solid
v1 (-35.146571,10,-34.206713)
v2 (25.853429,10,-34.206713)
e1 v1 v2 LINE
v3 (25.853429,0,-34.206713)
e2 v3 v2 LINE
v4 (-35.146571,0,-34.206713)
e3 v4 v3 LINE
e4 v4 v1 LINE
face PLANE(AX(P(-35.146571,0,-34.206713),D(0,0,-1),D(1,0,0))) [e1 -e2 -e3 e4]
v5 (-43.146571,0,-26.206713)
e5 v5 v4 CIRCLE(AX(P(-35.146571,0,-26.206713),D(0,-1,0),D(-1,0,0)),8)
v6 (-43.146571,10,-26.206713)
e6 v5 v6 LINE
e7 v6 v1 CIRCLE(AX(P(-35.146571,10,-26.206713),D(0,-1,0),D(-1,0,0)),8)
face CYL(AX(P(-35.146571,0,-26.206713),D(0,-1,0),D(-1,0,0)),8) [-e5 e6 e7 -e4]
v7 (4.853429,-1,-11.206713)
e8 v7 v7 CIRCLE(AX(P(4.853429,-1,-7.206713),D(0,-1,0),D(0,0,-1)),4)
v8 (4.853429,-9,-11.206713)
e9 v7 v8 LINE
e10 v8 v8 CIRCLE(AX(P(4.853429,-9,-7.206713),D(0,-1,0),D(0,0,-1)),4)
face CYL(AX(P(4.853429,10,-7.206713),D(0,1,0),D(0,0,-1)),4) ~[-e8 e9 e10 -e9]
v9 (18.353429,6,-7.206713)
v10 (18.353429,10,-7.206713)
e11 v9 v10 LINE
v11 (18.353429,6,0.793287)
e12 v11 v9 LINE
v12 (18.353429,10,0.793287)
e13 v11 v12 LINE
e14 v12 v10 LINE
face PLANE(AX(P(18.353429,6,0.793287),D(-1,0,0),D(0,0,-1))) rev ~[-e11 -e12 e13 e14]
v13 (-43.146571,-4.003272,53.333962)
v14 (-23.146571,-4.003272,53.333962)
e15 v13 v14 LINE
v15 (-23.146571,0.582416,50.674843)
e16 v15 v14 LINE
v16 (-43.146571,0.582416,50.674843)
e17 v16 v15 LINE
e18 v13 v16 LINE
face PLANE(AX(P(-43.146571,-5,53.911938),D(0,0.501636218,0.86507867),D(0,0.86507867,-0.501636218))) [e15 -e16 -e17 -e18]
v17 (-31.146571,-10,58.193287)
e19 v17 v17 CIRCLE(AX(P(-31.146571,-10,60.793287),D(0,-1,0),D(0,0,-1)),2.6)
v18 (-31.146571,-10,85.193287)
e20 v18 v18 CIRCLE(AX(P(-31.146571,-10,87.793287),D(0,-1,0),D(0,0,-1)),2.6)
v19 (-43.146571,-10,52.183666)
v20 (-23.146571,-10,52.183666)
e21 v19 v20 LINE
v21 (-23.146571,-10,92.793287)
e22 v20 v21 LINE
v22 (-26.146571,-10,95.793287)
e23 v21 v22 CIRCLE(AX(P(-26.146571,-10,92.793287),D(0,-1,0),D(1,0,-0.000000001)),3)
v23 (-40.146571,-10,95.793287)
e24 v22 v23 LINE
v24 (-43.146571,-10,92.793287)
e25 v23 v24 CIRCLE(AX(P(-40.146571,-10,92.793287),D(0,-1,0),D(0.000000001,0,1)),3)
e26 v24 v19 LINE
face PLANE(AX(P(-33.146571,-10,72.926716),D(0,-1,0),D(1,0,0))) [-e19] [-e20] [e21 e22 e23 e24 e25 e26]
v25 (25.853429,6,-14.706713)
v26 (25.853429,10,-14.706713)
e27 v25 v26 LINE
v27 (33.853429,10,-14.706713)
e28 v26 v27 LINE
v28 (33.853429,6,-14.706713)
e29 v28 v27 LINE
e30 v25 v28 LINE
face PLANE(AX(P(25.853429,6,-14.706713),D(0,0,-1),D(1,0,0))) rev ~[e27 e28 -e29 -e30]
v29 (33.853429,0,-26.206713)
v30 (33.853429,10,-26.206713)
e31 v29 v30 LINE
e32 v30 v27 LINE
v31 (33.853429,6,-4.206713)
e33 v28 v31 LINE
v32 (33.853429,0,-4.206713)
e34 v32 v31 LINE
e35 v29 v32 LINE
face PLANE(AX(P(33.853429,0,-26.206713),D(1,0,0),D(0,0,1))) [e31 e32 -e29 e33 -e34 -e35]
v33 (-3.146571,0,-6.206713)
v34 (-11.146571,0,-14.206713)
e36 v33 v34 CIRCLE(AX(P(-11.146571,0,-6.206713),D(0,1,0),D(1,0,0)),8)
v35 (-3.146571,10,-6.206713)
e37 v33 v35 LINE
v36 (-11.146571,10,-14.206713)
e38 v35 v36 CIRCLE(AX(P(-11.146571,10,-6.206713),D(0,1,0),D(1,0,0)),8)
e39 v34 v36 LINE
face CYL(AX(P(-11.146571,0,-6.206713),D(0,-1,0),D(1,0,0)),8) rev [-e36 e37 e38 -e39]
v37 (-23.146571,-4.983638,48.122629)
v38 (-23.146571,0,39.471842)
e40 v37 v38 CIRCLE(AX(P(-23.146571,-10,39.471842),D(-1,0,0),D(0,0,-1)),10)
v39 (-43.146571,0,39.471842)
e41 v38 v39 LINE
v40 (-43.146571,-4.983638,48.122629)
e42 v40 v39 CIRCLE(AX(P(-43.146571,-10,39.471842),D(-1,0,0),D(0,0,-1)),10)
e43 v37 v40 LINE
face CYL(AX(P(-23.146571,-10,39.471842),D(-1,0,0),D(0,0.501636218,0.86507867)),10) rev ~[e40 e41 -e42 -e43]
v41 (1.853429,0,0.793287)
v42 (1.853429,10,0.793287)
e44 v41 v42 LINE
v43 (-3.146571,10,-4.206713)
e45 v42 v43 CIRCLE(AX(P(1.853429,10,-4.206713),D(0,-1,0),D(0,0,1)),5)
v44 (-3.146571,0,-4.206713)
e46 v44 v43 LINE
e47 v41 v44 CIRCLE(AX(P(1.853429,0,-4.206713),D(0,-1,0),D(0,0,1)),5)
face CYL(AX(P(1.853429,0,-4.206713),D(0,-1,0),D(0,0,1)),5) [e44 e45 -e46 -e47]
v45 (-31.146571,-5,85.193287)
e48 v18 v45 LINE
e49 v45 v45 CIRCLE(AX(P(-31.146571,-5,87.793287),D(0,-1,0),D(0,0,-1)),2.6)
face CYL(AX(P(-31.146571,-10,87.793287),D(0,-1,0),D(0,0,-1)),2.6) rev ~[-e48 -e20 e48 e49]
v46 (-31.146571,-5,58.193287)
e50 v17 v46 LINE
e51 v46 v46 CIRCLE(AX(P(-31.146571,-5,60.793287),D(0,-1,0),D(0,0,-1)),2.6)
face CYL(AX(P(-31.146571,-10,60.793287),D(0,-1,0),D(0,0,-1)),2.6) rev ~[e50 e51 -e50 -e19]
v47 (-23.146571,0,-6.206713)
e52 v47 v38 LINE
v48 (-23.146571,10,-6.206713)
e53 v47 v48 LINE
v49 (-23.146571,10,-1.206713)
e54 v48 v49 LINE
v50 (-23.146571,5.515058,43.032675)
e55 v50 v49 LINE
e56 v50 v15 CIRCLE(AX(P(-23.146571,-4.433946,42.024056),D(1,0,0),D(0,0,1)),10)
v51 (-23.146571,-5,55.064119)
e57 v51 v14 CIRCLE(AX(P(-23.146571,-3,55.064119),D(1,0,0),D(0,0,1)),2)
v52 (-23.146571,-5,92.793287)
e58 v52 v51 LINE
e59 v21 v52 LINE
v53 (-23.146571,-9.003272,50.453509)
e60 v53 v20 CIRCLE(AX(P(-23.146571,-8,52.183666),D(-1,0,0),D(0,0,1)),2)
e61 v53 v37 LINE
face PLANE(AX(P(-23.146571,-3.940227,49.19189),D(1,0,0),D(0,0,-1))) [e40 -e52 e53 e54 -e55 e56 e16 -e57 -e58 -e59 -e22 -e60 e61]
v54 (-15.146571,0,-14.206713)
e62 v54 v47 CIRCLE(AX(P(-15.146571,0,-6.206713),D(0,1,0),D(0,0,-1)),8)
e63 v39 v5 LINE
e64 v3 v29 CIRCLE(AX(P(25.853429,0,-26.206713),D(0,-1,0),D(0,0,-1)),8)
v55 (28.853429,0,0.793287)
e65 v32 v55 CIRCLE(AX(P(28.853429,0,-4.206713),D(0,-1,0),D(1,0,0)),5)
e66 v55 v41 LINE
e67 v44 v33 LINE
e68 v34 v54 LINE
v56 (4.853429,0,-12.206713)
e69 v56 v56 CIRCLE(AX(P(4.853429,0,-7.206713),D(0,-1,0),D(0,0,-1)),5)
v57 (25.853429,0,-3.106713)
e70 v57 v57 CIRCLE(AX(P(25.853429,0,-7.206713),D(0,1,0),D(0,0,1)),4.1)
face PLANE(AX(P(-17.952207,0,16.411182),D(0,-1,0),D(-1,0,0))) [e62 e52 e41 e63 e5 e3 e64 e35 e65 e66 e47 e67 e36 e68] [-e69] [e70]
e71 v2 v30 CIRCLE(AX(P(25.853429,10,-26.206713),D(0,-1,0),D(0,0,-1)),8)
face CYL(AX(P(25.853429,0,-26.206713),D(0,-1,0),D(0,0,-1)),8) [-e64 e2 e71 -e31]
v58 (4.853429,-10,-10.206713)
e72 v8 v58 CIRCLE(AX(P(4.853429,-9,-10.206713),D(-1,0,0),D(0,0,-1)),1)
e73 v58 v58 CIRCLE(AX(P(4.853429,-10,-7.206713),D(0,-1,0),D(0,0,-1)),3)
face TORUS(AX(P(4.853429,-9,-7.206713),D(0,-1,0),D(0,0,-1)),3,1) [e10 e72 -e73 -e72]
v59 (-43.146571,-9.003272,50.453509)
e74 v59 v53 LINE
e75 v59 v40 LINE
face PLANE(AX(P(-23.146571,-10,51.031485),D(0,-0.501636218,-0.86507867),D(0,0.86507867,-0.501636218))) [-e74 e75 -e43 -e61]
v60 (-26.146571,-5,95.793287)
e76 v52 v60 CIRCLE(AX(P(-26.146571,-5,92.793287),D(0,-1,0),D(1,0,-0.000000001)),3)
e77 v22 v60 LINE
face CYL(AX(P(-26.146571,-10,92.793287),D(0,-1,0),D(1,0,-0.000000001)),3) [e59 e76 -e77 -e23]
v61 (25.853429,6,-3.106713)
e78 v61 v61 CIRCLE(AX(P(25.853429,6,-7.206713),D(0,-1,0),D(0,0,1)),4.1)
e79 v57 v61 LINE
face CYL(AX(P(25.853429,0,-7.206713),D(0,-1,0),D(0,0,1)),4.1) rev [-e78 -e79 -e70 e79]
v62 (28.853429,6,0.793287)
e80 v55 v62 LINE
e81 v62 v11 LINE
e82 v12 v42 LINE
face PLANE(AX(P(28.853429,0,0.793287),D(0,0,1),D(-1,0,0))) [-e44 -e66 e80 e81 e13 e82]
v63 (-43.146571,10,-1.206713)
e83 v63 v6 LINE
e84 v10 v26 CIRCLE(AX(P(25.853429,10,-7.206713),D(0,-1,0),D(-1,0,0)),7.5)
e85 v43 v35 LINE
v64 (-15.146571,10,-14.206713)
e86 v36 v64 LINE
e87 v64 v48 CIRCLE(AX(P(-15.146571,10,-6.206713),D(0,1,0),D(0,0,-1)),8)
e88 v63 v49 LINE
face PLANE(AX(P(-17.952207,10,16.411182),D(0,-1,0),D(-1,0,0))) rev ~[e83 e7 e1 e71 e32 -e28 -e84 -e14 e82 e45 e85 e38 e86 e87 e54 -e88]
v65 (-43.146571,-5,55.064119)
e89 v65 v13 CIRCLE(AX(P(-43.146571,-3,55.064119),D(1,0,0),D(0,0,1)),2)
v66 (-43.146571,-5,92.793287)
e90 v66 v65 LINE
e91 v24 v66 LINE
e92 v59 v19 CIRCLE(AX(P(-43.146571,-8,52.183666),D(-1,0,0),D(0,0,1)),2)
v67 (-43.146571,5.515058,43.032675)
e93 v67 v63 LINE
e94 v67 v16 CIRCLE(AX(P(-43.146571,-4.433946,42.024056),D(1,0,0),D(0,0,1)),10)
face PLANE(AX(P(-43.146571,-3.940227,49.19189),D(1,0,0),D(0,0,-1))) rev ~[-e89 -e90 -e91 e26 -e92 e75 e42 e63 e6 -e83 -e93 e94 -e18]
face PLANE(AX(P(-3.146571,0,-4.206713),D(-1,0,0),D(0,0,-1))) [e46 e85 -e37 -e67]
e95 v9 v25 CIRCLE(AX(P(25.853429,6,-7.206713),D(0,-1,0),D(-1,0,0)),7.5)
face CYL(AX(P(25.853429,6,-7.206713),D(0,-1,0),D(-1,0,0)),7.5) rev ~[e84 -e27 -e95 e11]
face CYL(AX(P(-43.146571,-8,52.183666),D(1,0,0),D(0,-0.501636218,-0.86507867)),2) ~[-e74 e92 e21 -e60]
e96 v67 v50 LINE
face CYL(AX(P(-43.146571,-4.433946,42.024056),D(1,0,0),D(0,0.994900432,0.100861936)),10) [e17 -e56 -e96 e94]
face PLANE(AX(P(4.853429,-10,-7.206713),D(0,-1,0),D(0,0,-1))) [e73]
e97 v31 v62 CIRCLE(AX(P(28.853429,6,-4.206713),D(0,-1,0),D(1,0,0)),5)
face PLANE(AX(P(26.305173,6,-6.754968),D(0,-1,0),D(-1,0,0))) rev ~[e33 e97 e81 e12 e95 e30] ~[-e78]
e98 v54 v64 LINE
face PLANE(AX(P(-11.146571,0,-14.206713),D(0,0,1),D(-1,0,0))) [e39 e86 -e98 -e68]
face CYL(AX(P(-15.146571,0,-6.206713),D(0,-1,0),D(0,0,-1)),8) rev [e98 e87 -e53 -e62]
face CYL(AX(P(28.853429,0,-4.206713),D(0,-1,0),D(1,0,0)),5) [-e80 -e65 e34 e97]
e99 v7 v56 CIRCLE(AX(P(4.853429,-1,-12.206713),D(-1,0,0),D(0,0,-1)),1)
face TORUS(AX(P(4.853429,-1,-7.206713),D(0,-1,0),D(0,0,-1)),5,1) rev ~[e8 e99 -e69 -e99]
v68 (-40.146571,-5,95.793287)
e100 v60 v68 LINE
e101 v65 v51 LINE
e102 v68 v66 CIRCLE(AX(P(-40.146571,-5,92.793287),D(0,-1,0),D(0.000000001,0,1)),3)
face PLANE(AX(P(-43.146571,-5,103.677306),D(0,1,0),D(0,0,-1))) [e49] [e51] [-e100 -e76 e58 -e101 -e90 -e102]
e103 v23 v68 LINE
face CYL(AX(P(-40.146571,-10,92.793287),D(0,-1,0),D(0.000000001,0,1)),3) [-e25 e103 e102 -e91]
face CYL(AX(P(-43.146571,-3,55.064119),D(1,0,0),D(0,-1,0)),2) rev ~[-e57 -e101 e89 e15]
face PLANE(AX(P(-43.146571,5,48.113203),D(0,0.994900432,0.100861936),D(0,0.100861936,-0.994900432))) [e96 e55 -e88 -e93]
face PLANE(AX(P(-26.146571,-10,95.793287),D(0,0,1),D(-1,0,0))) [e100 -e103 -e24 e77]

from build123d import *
from build123d.topology import SkipClean

# Parameters (mm, degrees)
SKETCH1_R                = 4.1
SKETCH1_R_2              = 4
SKETCH1_R_3              = 2.6
BOSS_EXTRUDE1_DEPTH      = 10
CUT_EXTRUDE1_START       = -4
CUT_EXTRUDE1_DEPTH       = 4
BOSS_EXTRUDE2_DEPTH      = 10
BOSS_EXTRUDE2_DEPTH_BACK = 10
SKETCH5_R                = 4
FILLET1_R                = 1
BOSS_EXTRUDE3_START      = 10
SKETCH6_R                = 2.6
BOSS_EXTRUDE3_DEPTH      = 10
BOSS_EXTRUDE4_DEPTH      = 20
CUT_EXTRUDE2_REACH       = 125.31
FILLET2_R                = 10
FILLET3_R                = 2


with BuildPart() as part:
    # Sketch1 → Boss-Extrude1 (new body)
    with BuildSketch(Plane(origin=(0, 0, 0), x_dir=(1, 0, 0), z_dir=(0, 1, 0))):
        with BuildLine():
            Line((28.853428594, -0.793287448), (1.853428594, -0.793287448))
            ThreePointArc((1.853428594, -0.793287448), (-1.682105312, 0.671178646), (-3.146571406, 4.206712552))
            Line((-3.146571406, 4.206712552), (-3.146571406, 6.206712552))
            ThreePointArc((-3.146571406, 6.206712552), (-5.489717157, 11.863566801), (-11.146571406, 14.206712552))
            Line((-11.146571406, 14.206712552), (-15.146571406, 14.206712552))
            ThreePointArc((-15.146571406, 14.206712552), (-20.803425656, 11.863566801), (-23.146571406, 6.206712552))
            Line((-23.146571406, 6.206712552), (-23.146571406, -92.793287448))
            ThreePointArc((-23.146571406, -92.793287448), (-24.025251062, -94.914607792), (-26.146571406, -95.793287448))
            Line((-26.146571406, -95.793287448), (-40.146571406, -95.793287448))
            ThreePointArc((-40.146571406, -95.793287448), (-42.26789175, -94.914607792), (-43.146571406, -92.793287448))
            Line((-43.146571406, -92.793287448), (-43.146571406, 4.206712552))
            Line((-43.146571406, 4.206712552), (-43.146571406, 26.206712552))
            ThreePointArc((-43.146571406, 26.206712552), (-40.803425656, 31.863566801), (-35.146571406, 34.206712552))
            Line((-35.146571406, 34.206712552), (-3.146571406, 34.206712552))
            Line((-3.146571406, 34.206712552), (25.853428594, 34.206712552))
            ThreePointArc((25.853428594, 34.206712552), (31.510282843, 31.863566801), (33.853428594, 26.206712552))
            Line((33.853428594, 26.206712552), (33.853428594, 4.206712552))
            ThreePointArc((33.853428594, 4.206712552), (32.3889625, 0.671178646), (28.853428594, -0.793287448))
        make_face()
        with Locations(Location((25.853428594, 7.206712552, 0), (0, 0, 270))):
            Circle(SKETCH1_R, mode=Mode.SUBTRACT)
        with Locations(Location((4.853428594, 7.206712552, 0), (0, 0, 270))):
            Circle(SKETCH1_R_2, mode=Mode.SUBTRACT)
        with Locations(Location((-31.146571406, -87.793287448, 0), (0, 0, 270))):
            Circle(SKETCH1_R_3, mode=Mode.SUBTRACT)
        with Locations(Location((-31.146571406, -60.793287448, 0), (0, 0, 270))):
            Circle(SKETCH1_R_3, mode=Mode.SUBTRACT)
    extrude(amount=BOSS_EXTRUDE1_DEPTH)

    # Sketch2 → Cut-Extrude1 (cut)
    with BuildSketch(Plane(origin=(0, 10, 0), x_dir=(1, 0, 0), z_dir=(0, 1, 0)).offset(CUT_EXTRUDE1_START)):
        with BuildLine():
            Line((25.853428594, 14.706712552), (33.853428594, 14.706712552))
            Line((33.853428594, 14.706712552), (33.853428594, 4.206712552))
            ThreePointArc((33.853428594, 4.206712552), (32.3889625, 0.671178646), (28.853428594, -0.793287448))
            Line((28.853428594, -0.793287448), (18.353428594, -0.793287448))
            Line((18.353428594, -0.793287448), (18.353428594, 7.206712552))
            ThreePointArc((18.353428594, 7.206712552), (20.550127735, 12.510013411), (25.853428594, 14.706712552))
        make_face()
    extrude(amount=CUT_EXTRUDE1_DEPTH, mode=Mode.SUBTRACT)

    # Sketch5 → Boss-Extrude2 (add, two sides: drawn at the far end of the back side and taken through both)
    with BuildSketch(Plane(origin=(0, 0, 0), x_dir=(-1, 0, 0), z_dir=(0, -1, 0)).offset(-BOSS_EXTRUDE2_DEPTH_BACK)):
        with Locations(Location((-4.853428594, 7.206712552, 0), (0, 0, 90))):
            Circle(SKETCH5_R)
    extrude(amount=BOSS_EXTRUDE2_DEPTH + BOSS_EXTRUDE2_DEPTH_BACK)

    # Fillet1
    fillet1_edges = [part.edges().sort_by_distance(p)[0] for p in [
        (4.853428594, 0, -3.206712552),
        (4.853428594, -10, -3.206712552),
    ]]
    fillet(fillet1_edges, radius=FILLET1_R)

    # Sketch6 → Boss-Extrude3 (add)
    with SkipClean():  # the faces are left unmerged after this step: merging them gives an invalid solid
        with BuildSketch(Plane.XZ.offset(BOSS_EXTRUDE3_START)):
            with BuildLine():
                Line((-26.146571406, 95.793287448), (-40.146571406, 95.793287448))
                ThreePointArc((-40.146571406, 95.793287448), (-42.26789175, 94.914607792), (-43.146571406, 92.793287448))
                Line((-43.146571406, 92.793287448), (-43.146571406, 51.031484515))
                Line((-43.146571406, 51.031484515), (-23.146571406, 51.031484515))
                Line((-23.146571406, 51.031484515), (-23.146571406, 92.793287448))
                ThreePointArc((-23.146571406, 92.793287448), (-24.025251062, 94.914607792), (-26.146571406, 95.793287448))
            make_face()
            with Locations(Location((-31.146571406, 87.793287448, 0), (0, 0, 270))):
                Circle(SKETCH6_R, mode=Mode.SUBTRACT)
            with Locations(Location((-31.146571406, 60.793287448, 0), (0, 0, 270))):
                Circle(SKETCH6_R, mode=Mode.SUBTRACT)
        extrude(amount=-BOSS_EXTRUDE3_DEPTH)

    # Sketch7 → Boss-Extrude4 (add)
    with SkipClean():  # the faces are left unmerged after this step: merging them gives an invalid solid
        with BuildSketch(Plane(origin=(-23.146571406, 0, 0), x_dir=(0, 0, -1), z_dir=(1, 0, 0))):
            Polygon((-51.031484515, -10), (-45.232749266, 0), (-51.031484515, 0), align=None)
        extrude(amount=-BOSS_EXTRUDE4_DEPTH)

    # Cut-Extrude2: up to this face of the body (flat: up to its plane)
    cut_extrude2_end = Plane(part.part.faces().sort_by_distance((-23.146571406, 5, 43.293287448))[0])
    # Sketch8 → Cut-Extrude2 (cut, up to the picked face)
    with BuildSketch(Plane.ZY.offset(43.146571406), mode=Mode.PRIVATE) as cut_extrude2_sk1:
        Polygon((53.911938049, -5), (48.1132028, 5), (-1.206712552, 10), (103.677305794, 10), (103.677305794, -5), align=None)
    cut_extrude2_tool1 = split(extrude(cut_extrude2_sk1.sketch, amount=-CUT_EXTRUDE2_REACH, mode=Mode.PRIVATE), bisect_by=cut_extrude2_end, keep=Keep.BOTH, mode=Mode.PRIVATE)
    add(cut_extrude2_tool1.solids().sort_by(Axis((-43.146571, 3.405459, 70.825985), (1, 0, 0)))[0], mode=Mode.SUBTRACT)

    # Fillet2
    fillet2_edges = [part.edges().sort_by_distance(p)[0] for p in [
        (-33.146571406, 0, 45.232749266),
        (-33.146571406, 5, 48.1132028),
    ]]
    fillet(fillet2_edges, radius=FILLET2_R)

    # Fillet3
    fillet3_edges = [part.edges().sort_by_distance(p)[0] for p in [
        (-33.146571406, -10, 51.031484515),
        (-33.146571406, -5, 53.911938049),
    ]]
    fillet(fillet3_edges, radius=FILLET3_R)


solid = part.part
